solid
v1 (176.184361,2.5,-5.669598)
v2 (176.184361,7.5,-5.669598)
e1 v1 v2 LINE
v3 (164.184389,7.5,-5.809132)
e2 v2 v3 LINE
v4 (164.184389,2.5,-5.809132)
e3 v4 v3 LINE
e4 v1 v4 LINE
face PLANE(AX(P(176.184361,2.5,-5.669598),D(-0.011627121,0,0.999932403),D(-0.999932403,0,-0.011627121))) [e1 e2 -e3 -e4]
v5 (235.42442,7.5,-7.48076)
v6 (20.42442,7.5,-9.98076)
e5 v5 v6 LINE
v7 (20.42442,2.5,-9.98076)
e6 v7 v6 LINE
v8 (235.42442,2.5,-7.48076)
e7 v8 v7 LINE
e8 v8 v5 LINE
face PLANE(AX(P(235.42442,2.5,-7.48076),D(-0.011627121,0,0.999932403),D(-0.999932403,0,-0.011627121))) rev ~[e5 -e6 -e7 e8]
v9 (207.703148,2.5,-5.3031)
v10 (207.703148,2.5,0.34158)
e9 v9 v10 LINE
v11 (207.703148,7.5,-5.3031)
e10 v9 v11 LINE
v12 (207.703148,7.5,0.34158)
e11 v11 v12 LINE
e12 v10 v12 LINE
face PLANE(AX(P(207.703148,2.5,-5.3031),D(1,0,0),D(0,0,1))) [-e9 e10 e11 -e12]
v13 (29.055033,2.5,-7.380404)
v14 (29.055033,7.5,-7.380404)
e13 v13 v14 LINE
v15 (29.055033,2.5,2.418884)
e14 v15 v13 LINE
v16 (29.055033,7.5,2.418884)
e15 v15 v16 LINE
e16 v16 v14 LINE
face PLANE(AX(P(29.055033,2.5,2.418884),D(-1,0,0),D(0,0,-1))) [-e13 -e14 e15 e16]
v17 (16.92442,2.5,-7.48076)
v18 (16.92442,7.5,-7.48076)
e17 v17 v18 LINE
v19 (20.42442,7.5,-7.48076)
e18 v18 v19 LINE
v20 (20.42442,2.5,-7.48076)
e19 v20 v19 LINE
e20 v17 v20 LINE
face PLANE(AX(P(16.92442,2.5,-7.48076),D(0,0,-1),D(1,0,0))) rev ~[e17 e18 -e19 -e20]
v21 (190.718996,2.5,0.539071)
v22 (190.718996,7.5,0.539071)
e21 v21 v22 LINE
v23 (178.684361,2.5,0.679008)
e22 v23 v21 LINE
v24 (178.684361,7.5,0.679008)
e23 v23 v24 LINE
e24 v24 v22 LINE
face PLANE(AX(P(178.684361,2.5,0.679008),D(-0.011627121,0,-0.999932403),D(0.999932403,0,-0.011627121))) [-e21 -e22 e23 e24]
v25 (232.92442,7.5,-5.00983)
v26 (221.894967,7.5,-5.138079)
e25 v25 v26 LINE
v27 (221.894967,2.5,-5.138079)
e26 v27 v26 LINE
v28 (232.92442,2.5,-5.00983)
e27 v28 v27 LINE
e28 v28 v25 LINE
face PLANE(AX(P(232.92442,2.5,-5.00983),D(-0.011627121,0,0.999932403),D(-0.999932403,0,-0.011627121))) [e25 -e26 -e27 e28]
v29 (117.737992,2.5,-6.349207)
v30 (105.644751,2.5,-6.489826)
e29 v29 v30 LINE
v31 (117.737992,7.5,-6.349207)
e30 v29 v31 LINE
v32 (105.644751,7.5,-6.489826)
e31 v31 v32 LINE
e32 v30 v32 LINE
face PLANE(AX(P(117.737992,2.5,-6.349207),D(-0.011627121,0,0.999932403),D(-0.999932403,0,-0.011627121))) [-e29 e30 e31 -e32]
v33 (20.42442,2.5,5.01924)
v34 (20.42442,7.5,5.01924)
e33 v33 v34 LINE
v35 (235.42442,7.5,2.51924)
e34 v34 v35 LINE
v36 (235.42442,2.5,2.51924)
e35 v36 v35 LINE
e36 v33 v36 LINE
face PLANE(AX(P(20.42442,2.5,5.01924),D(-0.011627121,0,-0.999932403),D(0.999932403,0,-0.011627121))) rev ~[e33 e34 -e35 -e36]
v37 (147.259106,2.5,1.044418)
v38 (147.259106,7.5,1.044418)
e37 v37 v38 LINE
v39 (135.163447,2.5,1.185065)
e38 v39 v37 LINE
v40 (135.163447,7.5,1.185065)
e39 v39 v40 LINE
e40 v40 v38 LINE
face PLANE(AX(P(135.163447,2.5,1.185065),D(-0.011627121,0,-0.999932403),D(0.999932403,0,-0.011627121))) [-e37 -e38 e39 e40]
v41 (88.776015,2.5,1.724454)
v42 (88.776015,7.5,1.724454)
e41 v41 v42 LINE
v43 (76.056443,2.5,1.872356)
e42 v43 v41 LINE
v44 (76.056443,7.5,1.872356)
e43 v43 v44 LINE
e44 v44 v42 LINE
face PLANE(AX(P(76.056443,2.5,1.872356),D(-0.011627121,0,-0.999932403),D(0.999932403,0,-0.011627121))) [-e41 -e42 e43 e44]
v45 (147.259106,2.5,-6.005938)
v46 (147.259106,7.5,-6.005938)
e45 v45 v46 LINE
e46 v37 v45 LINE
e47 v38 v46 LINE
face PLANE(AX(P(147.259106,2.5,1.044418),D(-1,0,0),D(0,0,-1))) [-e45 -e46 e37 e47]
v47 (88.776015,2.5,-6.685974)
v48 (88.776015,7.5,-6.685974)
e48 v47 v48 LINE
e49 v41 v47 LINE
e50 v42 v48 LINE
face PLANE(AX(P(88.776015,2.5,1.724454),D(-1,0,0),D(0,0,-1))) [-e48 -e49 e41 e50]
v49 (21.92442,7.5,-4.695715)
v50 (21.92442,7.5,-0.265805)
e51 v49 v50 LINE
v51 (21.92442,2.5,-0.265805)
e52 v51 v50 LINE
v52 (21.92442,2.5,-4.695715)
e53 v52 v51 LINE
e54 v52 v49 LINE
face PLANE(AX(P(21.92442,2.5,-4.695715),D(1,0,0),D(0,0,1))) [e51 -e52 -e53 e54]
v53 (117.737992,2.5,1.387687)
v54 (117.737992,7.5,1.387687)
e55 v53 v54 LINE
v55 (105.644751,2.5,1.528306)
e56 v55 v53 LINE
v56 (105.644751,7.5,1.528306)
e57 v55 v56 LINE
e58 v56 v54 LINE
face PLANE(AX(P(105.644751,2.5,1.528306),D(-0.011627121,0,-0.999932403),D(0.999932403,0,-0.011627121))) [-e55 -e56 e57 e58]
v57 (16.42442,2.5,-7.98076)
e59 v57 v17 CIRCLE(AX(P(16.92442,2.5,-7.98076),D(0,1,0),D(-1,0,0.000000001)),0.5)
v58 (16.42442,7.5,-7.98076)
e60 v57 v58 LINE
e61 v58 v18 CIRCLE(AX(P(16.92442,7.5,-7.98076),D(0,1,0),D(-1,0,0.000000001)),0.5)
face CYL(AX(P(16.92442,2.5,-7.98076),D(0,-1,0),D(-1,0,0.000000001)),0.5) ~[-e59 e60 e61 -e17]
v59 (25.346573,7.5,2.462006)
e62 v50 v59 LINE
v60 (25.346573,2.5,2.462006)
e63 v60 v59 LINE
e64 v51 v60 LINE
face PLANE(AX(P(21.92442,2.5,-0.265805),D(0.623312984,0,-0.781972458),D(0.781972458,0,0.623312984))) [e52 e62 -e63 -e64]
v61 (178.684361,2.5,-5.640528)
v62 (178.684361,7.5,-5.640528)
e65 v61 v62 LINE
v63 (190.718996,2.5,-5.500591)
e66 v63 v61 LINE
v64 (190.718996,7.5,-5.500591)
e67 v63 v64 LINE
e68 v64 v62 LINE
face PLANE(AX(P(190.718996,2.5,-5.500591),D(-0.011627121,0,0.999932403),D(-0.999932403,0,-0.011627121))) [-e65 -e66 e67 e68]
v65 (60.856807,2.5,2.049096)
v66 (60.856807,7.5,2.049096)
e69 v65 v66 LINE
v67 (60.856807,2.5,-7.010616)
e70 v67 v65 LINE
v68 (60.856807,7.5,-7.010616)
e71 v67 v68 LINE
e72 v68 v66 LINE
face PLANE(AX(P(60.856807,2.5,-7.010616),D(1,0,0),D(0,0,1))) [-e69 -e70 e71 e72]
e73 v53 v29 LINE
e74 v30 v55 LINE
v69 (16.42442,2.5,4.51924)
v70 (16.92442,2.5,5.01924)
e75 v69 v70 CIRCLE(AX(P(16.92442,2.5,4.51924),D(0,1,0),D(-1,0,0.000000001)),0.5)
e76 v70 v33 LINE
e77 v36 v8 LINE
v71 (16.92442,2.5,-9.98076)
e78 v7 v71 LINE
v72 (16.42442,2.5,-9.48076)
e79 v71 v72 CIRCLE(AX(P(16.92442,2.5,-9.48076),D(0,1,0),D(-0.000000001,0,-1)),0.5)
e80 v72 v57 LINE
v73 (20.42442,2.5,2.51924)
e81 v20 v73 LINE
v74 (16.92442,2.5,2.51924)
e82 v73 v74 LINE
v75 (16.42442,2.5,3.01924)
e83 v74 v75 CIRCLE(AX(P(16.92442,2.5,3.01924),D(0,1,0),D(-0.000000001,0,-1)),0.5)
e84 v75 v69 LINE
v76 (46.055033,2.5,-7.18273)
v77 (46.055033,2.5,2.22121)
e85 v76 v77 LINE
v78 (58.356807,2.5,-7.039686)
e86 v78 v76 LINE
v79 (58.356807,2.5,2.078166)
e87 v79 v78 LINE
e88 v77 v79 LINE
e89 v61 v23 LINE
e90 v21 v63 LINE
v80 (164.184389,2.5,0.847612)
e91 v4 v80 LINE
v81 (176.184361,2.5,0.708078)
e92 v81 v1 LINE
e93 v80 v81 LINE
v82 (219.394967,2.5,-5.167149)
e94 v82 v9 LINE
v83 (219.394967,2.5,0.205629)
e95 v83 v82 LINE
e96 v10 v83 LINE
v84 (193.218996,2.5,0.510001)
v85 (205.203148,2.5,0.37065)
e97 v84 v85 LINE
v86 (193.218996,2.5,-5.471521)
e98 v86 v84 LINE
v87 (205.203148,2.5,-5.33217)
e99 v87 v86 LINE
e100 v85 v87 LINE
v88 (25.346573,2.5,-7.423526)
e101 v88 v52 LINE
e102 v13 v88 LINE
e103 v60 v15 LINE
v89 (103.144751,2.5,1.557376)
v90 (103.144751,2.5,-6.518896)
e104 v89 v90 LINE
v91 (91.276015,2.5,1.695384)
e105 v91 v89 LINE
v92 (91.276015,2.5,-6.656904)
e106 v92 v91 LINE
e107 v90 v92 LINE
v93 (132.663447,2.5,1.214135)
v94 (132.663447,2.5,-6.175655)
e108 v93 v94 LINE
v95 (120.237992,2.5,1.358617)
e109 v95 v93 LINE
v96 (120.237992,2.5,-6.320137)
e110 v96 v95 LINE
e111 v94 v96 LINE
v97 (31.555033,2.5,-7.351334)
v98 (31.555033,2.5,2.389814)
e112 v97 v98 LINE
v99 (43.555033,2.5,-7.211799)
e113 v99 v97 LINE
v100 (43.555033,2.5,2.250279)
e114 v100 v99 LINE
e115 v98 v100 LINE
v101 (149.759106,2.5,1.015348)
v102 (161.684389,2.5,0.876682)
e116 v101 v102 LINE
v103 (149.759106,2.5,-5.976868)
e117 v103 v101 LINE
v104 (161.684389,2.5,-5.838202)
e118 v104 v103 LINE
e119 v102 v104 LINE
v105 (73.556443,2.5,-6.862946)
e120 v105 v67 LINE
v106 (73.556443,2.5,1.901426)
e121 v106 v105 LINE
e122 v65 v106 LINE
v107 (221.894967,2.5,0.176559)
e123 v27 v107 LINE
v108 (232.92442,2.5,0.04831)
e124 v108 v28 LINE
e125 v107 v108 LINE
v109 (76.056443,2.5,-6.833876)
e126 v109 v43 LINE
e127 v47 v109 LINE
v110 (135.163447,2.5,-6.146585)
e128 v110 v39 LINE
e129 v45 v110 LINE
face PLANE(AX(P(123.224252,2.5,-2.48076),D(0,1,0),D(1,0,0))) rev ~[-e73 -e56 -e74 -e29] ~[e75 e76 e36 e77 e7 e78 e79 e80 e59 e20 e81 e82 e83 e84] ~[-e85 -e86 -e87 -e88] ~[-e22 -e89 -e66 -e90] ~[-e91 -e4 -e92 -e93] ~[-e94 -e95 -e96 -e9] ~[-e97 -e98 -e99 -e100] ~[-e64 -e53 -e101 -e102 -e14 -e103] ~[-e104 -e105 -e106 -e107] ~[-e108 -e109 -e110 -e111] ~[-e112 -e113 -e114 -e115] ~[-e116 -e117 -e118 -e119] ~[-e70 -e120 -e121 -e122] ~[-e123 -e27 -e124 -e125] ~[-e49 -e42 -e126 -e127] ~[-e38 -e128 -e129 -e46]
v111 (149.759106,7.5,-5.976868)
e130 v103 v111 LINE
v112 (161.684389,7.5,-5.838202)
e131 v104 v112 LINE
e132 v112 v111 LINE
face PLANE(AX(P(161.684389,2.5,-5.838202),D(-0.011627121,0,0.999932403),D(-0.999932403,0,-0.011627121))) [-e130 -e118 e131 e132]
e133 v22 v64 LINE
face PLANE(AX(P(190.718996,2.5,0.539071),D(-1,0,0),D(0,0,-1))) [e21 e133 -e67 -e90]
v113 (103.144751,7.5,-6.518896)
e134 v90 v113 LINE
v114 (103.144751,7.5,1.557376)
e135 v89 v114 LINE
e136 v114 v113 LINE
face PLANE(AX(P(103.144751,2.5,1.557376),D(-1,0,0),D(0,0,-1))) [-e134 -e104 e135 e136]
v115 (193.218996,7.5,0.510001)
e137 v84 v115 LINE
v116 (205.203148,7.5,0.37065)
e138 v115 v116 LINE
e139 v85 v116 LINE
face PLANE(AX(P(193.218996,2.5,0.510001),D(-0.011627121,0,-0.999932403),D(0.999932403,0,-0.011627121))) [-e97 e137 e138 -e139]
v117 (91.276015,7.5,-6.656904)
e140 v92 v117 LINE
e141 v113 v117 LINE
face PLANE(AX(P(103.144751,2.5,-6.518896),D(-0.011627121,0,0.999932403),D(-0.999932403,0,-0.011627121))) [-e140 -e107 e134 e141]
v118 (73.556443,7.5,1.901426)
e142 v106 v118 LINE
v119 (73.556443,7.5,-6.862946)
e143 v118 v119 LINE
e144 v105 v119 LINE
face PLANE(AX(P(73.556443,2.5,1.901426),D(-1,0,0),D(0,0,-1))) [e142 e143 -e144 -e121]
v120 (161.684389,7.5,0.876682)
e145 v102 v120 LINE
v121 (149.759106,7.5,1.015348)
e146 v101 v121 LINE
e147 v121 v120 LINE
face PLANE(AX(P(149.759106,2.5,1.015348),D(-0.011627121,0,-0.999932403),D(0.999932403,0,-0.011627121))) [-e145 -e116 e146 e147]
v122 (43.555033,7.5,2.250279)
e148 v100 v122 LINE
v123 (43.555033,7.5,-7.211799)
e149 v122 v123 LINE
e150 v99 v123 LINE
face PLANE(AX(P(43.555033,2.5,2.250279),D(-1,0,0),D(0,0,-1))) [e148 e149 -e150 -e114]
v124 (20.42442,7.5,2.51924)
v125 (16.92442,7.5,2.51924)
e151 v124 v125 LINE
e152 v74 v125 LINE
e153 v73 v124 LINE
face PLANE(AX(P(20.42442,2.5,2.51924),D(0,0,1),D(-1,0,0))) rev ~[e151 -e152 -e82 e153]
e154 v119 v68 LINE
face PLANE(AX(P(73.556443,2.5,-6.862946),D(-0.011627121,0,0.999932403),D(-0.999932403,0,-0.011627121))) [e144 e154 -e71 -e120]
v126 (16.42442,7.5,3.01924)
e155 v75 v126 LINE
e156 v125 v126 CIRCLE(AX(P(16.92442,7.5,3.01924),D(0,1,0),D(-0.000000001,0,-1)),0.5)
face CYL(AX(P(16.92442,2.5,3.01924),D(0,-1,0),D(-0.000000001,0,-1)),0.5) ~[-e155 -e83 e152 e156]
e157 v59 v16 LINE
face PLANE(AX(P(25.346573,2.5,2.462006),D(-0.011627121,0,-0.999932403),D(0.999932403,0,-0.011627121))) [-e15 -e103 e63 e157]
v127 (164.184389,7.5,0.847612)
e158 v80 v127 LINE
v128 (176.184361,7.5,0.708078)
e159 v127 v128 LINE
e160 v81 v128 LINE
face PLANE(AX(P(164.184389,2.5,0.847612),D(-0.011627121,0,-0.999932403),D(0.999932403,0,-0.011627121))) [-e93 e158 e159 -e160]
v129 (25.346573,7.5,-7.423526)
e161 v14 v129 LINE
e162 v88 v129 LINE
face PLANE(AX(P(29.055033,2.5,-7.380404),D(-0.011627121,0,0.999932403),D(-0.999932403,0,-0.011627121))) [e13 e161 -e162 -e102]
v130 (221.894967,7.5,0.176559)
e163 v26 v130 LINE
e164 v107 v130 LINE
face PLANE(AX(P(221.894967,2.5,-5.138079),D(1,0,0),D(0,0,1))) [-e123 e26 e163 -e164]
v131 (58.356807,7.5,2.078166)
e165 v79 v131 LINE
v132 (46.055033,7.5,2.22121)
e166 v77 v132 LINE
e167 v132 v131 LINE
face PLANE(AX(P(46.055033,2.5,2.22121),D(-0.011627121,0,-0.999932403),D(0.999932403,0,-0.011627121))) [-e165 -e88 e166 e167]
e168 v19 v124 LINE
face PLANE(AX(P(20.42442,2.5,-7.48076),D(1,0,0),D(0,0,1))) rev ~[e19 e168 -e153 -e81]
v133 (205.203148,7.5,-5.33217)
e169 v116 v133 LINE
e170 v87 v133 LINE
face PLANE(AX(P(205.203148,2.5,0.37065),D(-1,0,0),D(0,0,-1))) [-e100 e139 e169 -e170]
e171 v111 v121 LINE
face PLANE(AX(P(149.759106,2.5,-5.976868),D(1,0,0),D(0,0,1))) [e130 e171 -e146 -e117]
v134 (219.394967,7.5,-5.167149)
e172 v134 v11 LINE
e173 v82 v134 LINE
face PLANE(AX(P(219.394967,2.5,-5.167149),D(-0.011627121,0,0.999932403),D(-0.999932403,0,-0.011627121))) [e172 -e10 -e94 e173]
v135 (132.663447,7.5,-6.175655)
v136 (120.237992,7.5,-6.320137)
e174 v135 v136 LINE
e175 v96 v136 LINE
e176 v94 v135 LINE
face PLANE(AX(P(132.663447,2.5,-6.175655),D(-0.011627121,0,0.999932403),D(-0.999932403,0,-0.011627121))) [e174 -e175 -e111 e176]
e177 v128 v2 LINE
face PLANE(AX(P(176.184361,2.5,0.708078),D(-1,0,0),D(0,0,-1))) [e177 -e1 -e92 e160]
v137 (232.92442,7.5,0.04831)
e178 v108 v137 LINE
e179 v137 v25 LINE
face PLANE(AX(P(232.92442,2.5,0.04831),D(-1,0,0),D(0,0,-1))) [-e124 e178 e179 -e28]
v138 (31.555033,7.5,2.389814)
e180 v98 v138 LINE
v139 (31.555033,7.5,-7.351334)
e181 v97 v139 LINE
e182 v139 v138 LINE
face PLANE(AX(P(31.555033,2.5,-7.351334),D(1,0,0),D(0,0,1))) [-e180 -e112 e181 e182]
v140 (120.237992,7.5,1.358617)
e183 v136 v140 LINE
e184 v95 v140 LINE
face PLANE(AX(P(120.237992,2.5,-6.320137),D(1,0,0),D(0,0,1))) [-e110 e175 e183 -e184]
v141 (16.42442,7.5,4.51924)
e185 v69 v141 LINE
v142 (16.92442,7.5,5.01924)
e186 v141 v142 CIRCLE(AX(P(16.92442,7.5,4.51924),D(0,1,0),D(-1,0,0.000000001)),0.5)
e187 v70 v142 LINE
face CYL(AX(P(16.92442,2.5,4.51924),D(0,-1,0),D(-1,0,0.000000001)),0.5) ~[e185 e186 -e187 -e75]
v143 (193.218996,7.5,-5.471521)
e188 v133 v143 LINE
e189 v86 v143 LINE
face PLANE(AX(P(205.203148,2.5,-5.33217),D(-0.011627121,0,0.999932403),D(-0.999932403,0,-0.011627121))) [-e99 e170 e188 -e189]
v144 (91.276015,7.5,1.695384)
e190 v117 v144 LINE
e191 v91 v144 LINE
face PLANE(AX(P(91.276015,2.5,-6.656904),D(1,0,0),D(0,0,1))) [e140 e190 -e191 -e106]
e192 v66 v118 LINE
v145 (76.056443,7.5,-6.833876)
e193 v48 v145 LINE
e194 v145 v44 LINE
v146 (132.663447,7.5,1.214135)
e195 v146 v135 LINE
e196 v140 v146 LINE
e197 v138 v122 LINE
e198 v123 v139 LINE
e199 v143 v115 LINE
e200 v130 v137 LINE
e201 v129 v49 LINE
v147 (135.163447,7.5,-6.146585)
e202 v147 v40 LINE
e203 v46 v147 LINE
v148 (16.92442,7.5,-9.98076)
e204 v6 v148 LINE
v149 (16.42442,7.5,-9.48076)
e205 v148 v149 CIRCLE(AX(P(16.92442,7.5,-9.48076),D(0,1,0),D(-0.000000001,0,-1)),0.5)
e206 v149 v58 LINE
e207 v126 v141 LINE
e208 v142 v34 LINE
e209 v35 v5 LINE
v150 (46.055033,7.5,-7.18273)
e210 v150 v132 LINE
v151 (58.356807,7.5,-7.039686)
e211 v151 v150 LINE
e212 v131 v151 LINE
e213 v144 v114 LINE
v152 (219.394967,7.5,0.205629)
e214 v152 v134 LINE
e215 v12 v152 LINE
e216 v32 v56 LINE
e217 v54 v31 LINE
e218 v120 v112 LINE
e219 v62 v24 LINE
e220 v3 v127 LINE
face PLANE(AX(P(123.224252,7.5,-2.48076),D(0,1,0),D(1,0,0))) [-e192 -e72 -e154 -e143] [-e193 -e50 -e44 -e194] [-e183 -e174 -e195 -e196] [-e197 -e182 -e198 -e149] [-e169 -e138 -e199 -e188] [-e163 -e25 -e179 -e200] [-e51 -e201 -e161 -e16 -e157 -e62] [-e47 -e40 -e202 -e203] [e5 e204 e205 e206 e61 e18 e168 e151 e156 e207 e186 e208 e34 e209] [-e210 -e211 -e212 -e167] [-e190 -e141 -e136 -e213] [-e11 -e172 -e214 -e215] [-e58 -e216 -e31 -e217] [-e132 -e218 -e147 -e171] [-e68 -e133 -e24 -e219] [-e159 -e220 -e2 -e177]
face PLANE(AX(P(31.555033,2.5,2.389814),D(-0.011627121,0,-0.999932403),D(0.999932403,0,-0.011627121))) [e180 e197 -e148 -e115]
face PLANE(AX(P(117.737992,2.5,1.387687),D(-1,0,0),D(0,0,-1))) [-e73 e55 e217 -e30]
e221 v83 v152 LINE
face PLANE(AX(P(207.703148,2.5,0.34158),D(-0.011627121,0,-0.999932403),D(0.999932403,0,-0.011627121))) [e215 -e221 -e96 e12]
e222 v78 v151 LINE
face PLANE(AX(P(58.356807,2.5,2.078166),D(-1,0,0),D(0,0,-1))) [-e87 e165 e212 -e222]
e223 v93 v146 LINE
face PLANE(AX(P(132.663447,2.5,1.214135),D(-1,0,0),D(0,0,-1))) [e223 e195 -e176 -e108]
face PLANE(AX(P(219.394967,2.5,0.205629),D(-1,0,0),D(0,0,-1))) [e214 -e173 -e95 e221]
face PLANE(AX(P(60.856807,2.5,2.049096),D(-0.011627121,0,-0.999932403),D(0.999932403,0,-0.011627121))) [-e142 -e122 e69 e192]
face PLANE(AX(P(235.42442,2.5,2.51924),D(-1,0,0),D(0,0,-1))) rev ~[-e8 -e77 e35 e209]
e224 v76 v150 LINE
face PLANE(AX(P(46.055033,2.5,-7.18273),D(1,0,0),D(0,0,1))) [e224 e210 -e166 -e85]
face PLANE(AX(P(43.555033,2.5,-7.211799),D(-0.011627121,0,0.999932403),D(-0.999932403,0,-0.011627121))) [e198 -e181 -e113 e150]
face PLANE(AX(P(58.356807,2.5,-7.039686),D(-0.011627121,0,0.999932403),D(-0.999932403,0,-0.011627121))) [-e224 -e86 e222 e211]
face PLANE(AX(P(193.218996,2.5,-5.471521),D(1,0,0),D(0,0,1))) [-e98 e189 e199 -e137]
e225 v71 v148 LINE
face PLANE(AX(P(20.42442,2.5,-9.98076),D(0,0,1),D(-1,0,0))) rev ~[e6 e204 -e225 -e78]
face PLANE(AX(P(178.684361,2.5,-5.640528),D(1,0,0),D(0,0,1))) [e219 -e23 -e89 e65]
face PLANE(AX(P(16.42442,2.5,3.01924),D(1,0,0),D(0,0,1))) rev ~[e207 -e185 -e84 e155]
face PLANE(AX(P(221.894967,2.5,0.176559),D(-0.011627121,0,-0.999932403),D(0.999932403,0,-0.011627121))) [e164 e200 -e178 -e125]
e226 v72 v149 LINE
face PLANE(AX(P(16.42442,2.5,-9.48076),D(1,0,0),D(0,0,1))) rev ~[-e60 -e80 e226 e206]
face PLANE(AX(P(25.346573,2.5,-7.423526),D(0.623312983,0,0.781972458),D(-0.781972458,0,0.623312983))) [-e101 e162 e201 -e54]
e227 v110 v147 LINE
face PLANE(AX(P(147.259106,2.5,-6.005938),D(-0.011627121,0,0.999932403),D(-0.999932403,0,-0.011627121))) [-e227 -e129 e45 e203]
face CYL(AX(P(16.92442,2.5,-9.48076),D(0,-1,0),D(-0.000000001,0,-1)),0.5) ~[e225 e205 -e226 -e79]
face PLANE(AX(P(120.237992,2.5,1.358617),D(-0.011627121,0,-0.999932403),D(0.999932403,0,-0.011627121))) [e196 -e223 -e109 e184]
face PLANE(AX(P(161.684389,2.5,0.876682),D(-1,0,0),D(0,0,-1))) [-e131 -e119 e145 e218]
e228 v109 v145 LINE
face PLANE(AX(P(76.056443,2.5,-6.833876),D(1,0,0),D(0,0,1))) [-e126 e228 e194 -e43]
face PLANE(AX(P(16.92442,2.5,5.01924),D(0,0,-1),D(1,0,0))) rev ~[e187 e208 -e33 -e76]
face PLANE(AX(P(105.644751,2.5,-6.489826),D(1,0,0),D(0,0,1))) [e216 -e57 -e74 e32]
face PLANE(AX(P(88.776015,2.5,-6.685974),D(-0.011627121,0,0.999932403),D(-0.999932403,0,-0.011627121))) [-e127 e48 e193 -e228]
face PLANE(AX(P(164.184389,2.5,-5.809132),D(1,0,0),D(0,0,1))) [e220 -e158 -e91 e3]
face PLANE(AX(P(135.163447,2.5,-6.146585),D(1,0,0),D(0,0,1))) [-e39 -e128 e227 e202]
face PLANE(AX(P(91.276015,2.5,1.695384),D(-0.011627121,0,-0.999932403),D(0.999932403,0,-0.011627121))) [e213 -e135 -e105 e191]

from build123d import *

# Parameters (mm, degrees)
SALIENTE_EXTRUIR2_DEPTH = 10
ESCALA1_SCALE           = 0.5


with BuildPart() as part:
    # Croquis1 → Saliente-Extruir2 (new body)
    with BuildSketch(Plane(origin=(0, 0, 0), x_dir=(1, 0, 0), z_dir=(0, 1, 0))):
        with BuildLine():
            Line((347.768463119, -7.519240019), (347.768463119, 12.480759981))
            Line((347.768463119, 12.480759981), (-82.231536881, 17.480759981))
            Line((-82.231536881, 17.480759981), (-89.231536881, 17.480759981))
            ThreePointArc((-89.231536881, 17.480759981), (-89.938643662, 17.187866762), (-90.231536881, 16.480759981))
            Line((-90.231536881, 16.480759981), (-90.231536881, 13.480759981))
            ThreePointArc((-90.231536881, 13.480759981), (-89.938643662, 12.7736532), (-89.231536881, 12.480759981))
            Line((-89.231536881, 12.480759981), (-82.231536881, 12.480759981))
            Line((-82.231536881, 12.480759981), (-82.231536881, -7.519240019))
            Line((-82.231536881, -7.519240019), (-89.231536881, -7.519240019))
            ThreePointArc((-89.231536881, -7.519240019), (-89.938643662, -7.812133238), (-90.231536881, -8.519240019))
            Line((-90.231536881, -8.519240019), (-90.231536881, -11.519240019))
            ThreePointArc((-90.231536881, -11.519240019), (-89.938643662, -12.2263468), (-89.231536881, -12.519240019))
            Line((-89.231536881, -12.519240019), (-82.231536881, -12.519240019))
            Line((-82.231536881, -12.519240019), (347.768463119, -7.519240019))
        make_face()
        Polygon((-35.970310827, -6.981318786), (-35.970310827, 11.942838748), (-59.970310827, 12.221908515), (-59.970310827, -7.260388554), align=None, mode=Mode.SUBTRACT)
        Polygon((-6.36676246, -6.637091479), (-6.36676246, 11.598611441), (-30.970310827, 11.884699213), (-30.970310827, -6.923179251), align=None, mode=Mode.SUBTRACT)
        Polygon((24.032508683, -6.283611582), (24.032508683, 11.245131544), (-1.36676246, 11.540471906), (-1.36676246, -6.578951945), align=None, mode=Mode.SUBTRACT)
        Polygon((54.471653082, -5.929668043), (54.471653082, 10.891188004), (29.032508683, 11.186992009), (29.032508683, -6.225472048), align=None, mode=Mode.SUBTRACT)
        Polygon((83.209124846, -5.595511395), (83.209124846, 10.557031356), (59.471653082, 10.83304847), (59.471653082, -5.871528508), align=None, mode=Mode.SUBTRACT)
        Polygon((112.395607474, -5.25613369), (112.395607474, 10.217653651), (88.209124846, 10.498891821), (88.209124846, -5.53737186), align=None, mode=Mode.SUBTRACT)
        Polygon((142.246515855, -4.909030104), (142.246515855, 9.870550065), (117.395607474, 10.159514116), (117.395607474, -5.197994155), align=None, mode=Mode.SUBTRACT)
        Polygon((171.437834583, -4.569596165), (171.437834583, 9.531116127), (147.246515855, 9.81241053), (147.246515855, -4.850890569), align=None, mode=Mode.SUBTRACT)
        Polygon((200.288401316, -4.234124459), (200.288401316, 9.19564442), (176.437834583, 9.472976592), (176.437834583, -4.51145663), align=None, mode=Mode.SUBTRACT)
        Polygon((229.28834427, -3.89691582), (229.28834427, 8.858435781), (205.288401316, 9.137504885), (205.288401316, -4.175984924), align=None, mode=Mode.SUBTRACT)
        Polygon((258.357613703, -3.558901059), (258.357613703, 8.52042102), (234.28834427, 8.800296246), (234.28834427, -3.838776285), align=None, mode=Mode.SUBTRACT)
        Polygon((287.325919365, -3.222060295), (287.325919365, 8.183580257), (263.357613703, 8.462281486), (263.357613703, -3.500761524), align=None, mode=Mode.SUBTRACT)
        Polygon((315.709556101, -2.892018008), (315.709556101, 7.853537969), (292.325919365, 8.125440722), (292.325919365, -3.163920761), align=None, mode=Mode.SUBTRACT)
        Polygon((342.768463119, -2.577379554), (342.768463119, 7.538899516), (320.709556101, 7.795398434), (320.709556101, -2.833878473), align=None, mode=Mode.SUBTRACT)
        Polygon((-64.970310827, -7.318528088), (-64.970310827, 12.28004805), (-72.387230354, 12.3662913), (-79.231536881, 6.910670608), (-79.231536881, -1.949150646), (-72.387230358, -7.404771339), align=None, mode=Mode.SUBTRACT)
    extrude(amount=SALIENTE_EXTRUIR2_DEPTH)


with BuildPart() as part_1:
    # Escala1: scaled about (123.080377325, 5, -2.480759981)
    add(part.part.scale(ESCALA1_SCALE).moved(Location((61.540188663, 2.5, -1.24037999))))


solid = part_1.part
